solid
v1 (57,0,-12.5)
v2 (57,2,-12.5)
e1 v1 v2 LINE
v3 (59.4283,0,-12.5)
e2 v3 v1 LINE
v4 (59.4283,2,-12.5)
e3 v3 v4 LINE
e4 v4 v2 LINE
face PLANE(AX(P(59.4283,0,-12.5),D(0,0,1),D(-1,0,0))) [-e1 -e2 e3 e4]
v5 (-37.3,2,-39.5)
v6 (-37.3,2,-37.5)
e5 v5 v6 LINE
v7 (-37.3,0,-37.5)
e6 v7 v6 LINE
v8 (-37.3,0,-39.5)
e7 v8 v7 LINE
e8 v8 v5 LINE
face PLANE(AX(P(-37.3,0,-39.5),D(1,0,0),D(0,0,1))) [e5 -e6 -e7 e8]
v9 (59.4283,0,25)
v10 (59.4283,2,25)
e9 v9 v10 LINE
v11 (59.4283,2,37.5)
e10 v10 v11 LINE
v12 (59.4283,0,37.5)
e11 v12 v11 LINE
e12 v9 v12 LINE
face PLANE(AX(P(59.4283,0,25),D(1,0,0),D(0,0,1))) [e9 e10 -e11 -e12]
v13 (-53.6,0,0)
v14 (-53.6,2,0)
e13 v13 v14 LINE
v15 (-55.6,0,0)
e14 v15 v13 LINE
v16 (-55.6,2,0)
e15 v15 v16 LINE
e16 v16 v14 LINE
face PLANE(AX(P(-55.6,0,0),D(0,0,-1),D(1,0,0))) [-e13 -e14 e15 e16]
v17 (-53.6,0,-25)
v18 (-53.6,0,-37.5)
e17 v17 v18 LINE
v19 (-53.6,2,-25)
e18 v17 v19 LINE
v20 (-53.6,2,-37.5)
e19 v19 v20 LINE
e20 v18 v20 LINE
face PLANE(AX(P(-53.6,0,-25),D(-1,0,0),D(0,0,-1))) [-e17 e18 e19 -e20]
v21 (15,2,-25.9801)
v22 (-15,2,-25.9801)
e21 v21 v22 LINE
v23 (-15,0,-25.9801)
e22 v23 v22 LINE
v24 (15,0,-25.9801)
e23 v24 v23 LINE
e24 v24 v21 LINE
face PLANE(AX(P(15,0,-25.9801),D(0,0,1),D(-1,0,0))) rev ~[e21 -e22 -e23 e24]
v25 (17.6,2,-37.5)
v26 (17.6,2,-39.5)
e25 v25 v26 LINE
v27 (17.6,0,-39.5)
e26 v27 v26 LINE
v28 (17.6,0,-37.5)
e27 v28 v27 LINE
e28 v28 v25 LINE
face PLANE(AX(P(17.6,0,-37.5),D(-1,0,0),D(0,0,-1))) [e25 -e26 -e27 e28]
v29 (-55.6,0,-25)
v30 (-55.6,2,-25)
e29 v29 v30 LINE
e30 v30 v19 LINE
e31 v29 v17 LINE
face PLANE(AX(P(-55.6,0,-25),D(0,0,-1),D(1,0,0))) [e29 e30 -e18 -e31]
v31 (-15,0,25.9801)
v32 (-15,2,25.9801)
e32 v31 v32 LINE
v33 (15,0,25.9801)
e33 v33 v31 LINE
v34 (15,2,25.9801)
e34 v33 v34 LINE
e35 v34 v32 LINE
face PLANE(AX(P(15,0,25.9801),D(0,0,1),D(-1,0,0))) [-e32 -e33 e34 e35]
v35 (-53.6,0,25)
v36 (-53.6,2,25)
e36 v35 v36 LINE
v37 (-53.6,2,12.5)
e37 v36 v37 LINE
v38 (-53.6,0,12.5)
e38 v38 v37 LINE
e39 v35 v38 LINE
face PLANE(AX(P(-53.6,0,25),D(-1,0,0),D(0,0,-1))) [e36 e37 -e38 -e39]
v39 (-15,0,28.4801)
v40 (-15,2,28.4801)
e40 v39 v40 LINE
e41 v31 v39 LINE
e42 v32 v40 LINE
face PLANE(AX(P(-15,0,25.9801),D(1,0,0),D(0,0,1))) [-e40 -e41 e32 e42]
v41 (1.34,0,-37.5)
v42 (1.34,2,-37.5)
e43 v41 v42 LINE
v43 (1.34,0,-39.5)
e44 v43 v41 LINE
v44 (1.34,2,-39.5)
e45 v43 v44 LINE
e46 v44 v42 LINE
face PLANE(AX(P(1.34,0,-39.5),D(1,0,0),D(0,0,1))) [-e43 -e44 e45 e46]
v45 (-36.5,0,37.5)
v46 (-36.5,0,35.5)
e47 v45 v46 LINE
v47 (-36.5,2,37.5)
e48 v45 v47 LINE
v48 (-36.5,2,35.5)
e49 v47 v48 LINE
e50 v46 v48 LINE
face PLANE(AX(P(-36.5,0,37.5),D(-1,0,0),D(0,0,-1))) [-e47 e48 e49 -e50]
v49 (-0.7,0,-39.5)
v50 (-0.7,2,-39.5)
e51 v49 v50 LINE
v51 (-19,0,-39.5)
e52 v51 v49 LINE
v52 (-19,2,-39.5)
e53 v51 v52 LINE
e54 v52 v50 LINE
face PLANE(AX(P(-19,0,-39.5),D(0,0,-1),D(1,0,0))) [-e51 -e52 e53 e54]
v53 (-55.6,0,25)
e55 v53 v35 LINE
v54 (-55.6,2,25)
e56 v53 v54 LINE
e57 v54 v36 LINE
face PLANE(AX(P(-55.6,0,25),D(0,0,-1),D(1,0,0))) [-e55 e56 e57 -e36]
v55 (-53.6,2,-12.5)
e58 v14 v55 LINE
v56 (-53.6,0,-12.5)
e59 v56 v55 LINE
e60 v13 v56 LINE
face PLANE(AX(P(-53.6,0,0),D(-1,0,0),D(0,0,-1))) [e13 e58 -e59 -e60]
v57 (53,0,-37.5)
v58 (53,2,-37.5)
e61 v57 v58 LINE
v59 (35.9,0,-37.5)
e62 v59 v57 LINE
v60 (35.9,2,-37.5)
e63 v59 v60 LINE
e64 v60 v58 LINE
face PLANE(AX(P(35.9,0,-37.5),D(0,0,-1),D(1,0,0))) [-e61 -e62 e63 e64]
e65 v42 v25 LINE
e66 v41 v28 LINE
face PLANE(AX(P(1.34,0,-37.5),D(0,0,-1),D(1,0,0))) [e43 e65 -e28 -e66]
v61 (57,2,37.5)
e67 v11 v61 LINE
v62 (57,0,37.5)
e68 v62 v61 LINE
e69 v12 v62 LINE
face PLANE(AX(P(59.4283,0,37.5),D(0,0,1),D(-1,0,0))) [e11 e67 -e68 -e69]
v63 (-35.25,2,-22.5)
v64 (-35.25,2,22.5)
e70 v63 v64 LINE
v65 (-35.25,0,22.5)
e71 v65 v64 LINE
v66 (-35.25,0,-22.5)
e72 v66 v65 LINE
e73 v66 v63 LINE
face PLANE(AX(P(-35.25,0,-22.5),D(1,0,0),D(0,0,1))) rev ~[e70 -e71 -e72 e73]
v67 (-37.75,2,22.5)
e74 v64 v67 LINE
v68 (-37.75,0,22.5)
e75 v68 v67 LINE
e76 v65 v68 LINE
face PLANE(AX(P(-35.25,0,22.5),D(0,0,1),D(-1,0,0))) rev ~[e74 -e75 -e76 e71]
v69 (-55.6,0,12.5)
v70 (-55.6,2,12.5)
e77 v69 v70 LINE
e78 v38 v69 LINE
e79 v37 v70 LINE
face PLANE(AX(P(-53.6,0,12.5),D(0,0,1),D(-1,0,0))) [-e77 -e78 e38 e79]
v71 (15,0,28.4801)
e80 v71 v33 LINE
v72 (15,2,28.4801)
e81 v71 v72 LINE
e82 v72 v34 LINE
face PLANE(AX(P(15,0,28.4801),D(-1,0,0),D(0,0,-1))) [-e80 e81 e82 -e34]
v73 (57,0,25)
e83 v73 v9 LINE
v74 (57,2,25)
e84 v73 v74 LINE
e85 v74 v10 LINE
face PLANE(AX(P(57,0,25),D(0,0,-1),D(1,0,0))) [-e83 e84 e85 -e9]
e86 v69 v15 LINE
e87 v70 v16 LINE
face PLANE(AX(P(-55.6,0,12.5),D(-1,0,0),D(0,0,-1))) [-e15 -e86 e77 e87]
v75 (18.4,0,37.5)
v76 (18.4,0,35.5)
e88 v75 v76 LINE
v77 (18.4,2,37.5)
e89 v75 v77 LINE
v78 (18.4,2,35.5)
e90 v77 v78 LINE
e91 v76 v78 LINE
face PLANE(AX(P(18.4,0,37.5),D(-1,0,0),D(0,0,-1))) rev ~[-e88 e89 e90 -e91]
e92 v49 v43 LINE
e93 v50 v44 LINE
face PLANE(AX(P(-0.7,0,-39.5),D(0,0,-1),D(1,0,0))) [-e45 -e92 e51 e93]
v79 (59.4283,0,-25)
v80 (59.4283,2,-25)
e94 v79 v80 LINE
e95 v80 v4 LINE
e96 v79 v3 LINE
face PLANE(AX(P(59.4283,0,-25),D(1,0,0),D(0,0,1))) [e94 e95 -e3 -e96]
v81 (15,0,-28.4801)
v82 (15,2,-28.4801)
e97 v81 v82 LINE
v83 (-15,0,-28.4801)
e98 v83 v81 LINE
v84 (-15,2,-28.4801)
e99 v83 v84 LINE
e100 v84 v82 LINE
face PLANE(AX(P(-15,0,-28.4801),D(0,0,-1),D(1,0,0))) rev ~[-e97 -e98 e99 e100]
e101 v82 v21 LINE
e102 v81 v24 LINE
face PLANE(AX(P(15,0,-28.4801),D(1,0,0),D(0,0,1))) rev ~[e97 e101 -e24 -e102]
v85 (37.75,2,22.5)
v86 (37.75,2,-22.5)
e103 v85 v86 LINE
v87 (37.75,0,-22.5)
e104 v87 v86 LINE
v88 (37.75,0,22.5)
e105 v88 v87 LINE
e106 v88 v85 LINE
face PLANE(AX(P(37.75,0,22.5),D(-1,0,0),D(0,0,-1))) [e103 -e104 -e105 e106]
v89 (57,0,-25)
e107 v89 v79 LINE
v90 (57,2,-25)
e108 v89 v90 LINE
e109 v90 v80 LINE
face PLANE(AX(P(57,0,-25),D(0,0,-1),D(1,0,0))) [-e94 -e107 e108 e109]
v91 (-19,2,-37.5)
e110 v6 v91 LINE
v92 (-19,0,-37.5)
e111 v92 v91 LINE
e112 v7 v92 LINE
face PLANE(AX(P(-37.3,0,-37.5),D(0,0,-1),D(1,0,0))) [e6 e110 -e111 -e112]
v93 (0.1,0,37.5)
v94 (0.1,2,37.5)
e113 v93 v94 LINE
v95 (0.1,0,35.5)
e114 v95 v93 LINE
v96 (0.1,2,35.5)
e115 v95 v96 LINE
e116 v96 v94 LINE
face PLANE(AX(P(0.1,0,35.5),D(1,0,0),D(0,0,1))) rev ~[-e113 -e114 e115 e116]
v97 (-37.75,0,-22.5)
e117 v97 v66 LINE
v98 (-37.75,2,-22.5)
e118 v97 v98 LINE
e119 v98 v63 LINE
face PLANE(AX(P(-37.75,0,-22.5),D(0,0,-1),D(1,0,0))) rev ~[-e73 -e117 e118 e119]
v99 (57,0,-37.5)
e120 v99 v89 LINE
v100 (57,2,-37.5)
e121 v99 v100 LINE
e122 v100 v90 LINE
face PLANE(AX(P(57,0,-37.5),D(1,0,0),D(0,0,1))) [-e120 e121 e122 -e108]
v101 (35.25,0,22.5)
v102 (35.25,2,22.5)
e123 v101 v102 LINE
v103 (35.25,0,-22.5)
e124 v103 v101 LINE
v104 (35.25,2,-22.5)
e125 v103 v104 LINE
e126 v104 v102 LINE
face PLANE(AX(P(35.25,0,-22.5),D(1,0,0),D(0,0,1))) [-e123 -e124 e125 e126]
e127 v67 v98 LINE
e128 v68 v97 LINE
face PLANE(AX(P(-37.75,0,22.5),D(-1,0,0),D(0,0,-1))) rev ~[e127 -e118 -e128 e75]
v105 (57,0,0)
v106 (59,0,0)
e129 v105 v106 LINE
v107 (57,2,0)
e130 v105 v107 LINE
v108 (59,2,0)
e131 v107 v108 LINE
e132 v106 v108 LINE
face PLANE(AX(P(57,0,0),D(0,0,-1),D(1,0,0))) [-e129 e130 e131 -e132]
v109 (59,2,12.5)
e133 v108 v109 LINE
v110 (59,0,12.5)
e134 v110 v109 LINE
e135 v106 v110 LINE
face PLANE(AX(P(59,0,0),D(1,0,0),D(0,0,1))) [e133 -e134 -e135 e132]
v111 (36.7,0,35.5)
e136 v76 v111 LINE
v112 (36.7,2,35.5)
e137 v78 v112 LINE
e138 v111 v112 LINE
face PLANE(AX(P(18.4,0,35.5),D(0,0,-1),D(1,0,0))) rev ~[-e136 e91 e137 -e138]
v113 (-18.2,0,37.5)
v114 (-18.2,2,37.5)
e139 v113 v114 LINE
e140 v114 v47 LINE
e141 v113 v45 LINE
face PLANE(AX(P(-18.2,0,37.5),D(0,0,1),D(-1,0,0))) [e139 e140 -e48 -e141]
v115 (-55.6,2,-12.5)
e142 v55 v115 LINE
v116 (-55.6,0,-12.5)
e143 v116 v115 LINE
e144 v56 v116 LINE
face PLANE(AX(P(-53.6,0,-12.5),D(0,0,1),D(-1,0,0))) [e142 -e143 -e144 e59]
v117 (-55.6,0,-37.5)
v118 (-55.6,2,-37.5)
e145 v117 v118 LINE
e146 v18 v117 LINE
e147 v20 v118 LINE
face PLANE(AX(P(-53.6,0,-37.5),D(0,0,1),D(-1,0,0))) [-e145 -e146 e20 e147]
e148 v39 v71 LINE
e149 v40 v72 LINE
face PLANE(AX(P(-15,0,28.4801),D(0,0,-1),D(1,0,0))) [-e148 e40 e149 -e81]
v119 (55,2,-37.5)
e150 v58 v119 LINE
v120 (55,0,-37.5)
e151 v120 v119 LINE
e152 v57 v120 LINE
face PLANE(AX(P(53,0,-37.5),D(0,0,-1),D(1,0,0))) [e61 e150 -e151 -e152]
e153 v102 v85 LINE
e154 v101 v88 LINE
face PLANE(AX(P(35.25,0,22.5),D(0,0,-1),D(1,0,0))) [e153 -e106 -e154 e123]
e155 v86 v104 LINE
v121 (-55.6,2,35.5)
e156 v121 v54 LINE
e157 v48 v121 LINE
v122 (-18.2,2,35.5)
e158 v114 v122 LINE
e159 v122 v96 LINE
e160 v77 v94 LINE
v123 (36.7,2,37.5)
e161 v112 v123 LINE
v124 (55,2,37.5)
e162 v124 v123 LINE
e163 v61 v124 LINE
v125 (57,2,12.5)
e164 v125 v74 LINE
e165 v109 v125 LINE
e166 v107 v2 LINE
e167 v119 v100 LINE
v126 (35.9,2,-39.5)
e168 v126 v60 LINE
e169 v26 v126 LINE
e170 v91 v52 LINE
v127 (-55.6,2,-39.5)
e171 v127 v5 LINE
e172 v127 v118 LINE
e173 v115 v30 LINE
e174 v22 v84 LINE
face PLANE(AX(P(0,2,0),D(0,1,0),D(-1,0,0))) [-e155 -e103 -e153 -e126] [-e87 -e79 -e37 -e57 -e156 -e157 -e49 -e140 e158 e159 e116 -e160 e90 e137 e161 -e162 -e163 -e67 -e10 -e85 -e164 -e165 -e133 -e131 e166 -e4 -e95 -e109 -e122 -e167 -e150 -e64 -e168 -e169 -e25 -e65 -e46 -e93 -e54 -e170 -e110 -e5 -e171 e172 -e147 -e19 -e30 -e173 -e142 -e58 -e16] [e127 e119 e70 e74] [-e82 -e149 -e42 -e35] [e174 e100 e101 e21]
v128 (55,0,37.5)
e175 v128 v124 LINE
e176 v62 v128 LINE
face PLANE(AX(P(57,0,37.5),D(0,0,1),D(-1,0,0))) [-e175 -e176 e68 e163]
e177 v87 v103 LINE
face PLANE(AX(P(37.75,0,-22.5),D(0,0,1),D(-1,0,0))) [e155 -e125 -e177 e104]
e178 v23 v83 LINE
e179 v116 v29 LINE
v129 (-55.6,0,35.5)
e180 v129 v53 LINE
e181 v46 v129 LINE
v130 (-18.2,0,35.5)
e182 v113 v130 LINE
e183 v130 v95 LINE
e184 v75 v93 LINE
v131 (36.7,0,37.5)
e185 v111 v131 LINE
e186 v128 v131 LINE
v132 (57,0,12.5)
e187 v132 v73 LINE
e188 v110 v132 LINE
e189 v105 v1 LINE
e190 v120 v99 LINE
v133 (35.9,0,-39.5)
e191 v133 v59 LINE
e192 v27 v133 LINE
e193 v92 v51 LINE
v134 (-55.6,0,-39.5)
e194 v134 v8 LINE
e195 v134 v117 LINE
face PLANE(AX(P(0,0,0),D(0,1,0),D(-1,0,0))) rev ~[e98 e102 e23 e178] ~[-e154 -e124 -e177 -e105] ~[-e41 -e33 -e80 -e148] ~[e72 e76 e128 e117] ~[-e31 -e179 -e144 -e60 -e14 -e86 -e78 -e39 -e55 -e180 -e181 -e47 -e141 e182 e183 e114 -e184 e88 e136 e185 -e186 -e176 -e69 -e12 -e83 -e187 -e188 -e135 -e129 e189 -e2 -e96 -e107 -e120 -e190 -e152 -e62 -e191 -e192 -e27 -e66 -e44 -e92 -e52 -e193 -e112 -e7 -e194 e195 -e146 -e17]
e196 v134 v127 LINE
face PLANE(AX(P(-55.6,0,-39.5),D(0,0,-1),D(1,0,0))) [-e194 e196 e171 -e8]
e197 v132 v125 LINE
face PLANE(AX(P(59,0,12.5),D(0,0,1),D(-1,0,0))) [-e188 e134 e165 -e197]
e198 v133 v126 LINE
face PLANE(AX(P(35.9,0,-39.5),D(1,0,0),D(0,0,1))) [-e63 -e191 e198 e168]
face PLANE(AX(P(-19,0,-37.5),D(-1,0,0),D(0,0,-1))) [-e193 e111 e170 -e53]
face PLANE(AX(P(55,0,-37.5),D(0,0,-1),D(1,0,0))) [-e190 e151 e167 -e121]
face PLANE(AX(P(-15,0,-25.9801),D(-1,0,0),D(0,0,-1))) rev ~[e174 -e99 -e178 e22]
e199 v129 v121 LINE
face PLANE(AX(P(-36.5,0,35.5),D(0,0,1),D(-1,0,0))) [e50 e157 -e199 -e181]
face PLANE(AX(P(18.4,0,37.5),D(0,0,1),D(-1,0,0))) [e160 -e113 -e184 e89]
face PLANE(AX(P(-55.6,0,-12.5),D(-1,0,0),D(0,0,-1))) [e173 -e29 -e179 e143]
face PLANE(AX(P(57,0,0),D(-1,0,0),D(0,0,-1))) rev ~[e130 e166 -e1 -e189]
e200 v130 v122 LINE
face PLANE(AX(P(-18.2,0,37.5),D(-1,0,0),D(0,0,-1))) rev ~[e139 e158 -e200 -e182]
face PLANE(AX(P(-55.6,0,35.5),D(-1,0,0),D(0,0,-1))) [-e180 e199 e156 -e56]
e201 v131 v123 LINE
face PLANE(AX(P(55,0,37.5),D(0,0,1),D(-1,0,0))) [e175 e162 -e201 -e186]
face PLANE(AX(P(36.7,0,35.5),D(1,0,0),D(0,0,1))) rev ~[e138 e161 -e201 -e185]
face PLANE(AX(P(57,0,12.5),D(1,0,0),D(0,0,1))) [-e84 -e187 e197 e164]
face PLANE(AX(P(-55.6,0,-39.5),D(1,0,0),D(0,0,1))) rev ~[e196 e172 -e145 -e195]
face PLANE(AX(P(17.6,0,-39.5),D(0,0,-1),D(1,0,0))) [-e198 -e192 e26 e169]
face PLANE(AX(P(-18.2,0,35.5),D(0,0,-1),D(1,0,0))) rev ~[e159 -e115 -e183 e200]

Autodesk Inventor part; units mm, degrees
ref_plane "YZ Plane" through (0, 0, 0) normal (1, 0, 0) x (0, 1, 0)
ref_plane "XZ Plane" through (0, 0, 0) normal (0, 1, 0) x (-1, 0, 0)
ref_plane "XY Plane" through (0, 0, 0) normal (0, 0, 1) x (1, 0, 0)
sketch "Sketch1" plane through (0, 0, 0) normal (0, 1, 0) x (-1, 0, 0)
  point P0 (0, 0)
sketch "Sketch2" plane through (0, 0, 0) normal (0, 1, 0) x (-1, 0, 0)
  line L0 (55.6, -39.5) -> (55.6, -37.5)
  line L1 (55.6, -39.5) -> (37.3, -39.5)
  line L2 (37.3, -39.5) -> (37.3, -37.5)
  line L3 (37.3, -37.5) -> (19, -37.5)
  line L4 (19, -37.5) -> (19, -39.5)
  line L5 (19, -39.5) -> (0.7, -39.5)
  line L6 (-1.34, -37.5) -> (-17.6, -37.5)
  line L7 (-17.6, -37.5) -> (-17.6, -39.5)
  line L8 (-17.6, -39.5) -> (-35.9, -39.5)
  line L9 (-35.9, -39.5) -> (-35.9, -37.5)
  line L10 (-35.9, -37.5) -> (-53, -37.5)
  line L11 (-55, 37.5) -> (-36.7, 37.5)
  line L12 (-18.4, 37.5) -> (-0.1, 37.5)
  line L13 (18.2, 37.5) -> (36.5, 37.5)
  line L14 (55.6, 35.5) -> (55.6, 25)
  line L15 (55.6, 12.5) -> (55.6, 0)
  line L16 (55.6, -12.5) -> (55.6, -25)
  line L17 (55.6, 25) -> (53.6, 25)
  line L18 (53.6, 25) -> (53.6, 12.5)
  line L19 (53.6, 12.5) -> (55.6, 12.5)
  line L20 (55.6, 0) -> (53.6, 0)
  line L21 (53.6, 0) -> (53.6, -12.5)
  line L22 (53.6, -12.5) -> (55.6, -12.5)
  line L23 (55.6, -25) -> (53.6, -25)
  line L24 (53.6, -25) -> (53.6, -37.5)
  line L25 (53.6, -37.5) -> (55.6, -37.5)
  line L26 (36.5, 37.5) -> (36.5, 35.5)
  line L27 (36.5, 35.5) -> (55.6, 35.5)
  line L28 (18.2, 37.5) -> (18.2, 35.5)
  line L29 (18.2, 35.5) -> (-0.1, 35.5)
  line L30 (-0.1, 35.5) -> (-0.1, 37.5)
  line L31 (-18.4, 37.5) -> (-18.4, 35.5)
  line L32 (-18.4, 35.5) -> (-36.7, 35.5)
  line L33 (-36.7, 35.5) -> (-36.7, 37.5)
  line L34 (37.75, -22.5) -> (35.25, -22.5)
  line L35 (35.25, -22.5) -> (35.25, 22.5)
  line L36 (35.25, 22.5) -> (37.75, 22.5)
  line L37 (37.75, 22.5) -> (37.75, -22.5)
  line L38 (37.75, -22.5) -> (35.25, 22.5) construction
  line L39 (35.25, -22.5) -> (37.75, 22.5) construction
  line L40 (-37.75, -22.5) -> (-35.25, -22.5)
  line L41 (-35.25, -22.5) -> (-35.25, 22.5)
  line L42 (-35.25, 22.5) -> (-37.75, 22.5)
  line L43 (-37.75, 22.5) -> (-37.75, -22.5)
  line L44 (-37.75, -22.5) -> (-35.25, 22.5) construction
  line L45 (-35.25, -22.5) -> (-37.75, 22.5) construction
  line L46 (15, -28.4801) -> (-15, -28.4801)
  line L47 (-15, -28.4801) -> (-15, -25.9801)
  line L48 (-15, -25.9801) -> (15, -25.9801)
  line L49 (15, -25.9801) -> (15, -28.4801)
  line L50 (15, -28.4801) -> (-15, -25.9801) construction
  line L51 (-15, -28.4801) -> (15, -25.9801) construction
  line L52 (15, 28.4801) -> (-15, 28.4801)
  line L53 (-15, 28.4801) -> (-15, 25.9801)
  line L54 (-15, 25.9801) -> (15, 25.9801)
  line L55 (15, 25.9801) -> (15, 28.4801)
  line L56 (15, 28.4801) -> (-15, 25.9801) construction
  line L57 (-15, 28.4801) -> (15, 25.9801) construction
  line L58 (-53, -37.5) -> (-55, -37.5)
  line L59 (-57, -22.5) -> (-57, -22.4801)
  line L60 (-57, 37.5) -> (-55, 37.5)
  line L61 (-55, -37.5) -> (-57, -37.5)
  line L62 (-57, -37.5) -> (-57, -25)
  line L63 (-57, -25) -> (-59.4283, -25)
  line L64 (-59.4283, -25) -> (-59.4283, -12.5)
  line L65 (-59.4283, -12.5) -> (-57, -12.5)
  line L66 (-57, 0) -> (-57, -12.5)
  line L67 (-57, 0) -> (-59, 0)
  line L68 (-59, 0) -> (-59, 12.5)
  line L69 (-59, 12.5) -> (-57, 12.5)
  line L70 (-57, 12.5) -> (-57, 25)
  line L71 (-57, 25) -> (-59.4283, 25)
  line L72 (-59.4283, 25) -> (-59.4283, 37.5)
  line L73 (-59.4283, 37.5) -> (-57, 37.5)
  line L74 (0.7, -39.5) -> (-1.34, -39.5)
  line L75 (-1.34, -39.5) -> (-1.34, -37.5)
  point P0 (0.7, -37.5)
  point P1 (-55, 22.5)
  point P2 (-53, 22.5)
  point P3 (-53, 0)
  point P4 (-53, -12.5)
  point P5 (36.5, 0)
  point P6 (-36.5, 0)
  point P7 (0, -27.2301)
  point P8 (0, 27.2301)
  dimension "d55" = 18.3
  dimension "d56" = 2.04
extrude "Extrusion1" add sketch "Sketch2" along normal blind 2
properties part number "BLKG"
